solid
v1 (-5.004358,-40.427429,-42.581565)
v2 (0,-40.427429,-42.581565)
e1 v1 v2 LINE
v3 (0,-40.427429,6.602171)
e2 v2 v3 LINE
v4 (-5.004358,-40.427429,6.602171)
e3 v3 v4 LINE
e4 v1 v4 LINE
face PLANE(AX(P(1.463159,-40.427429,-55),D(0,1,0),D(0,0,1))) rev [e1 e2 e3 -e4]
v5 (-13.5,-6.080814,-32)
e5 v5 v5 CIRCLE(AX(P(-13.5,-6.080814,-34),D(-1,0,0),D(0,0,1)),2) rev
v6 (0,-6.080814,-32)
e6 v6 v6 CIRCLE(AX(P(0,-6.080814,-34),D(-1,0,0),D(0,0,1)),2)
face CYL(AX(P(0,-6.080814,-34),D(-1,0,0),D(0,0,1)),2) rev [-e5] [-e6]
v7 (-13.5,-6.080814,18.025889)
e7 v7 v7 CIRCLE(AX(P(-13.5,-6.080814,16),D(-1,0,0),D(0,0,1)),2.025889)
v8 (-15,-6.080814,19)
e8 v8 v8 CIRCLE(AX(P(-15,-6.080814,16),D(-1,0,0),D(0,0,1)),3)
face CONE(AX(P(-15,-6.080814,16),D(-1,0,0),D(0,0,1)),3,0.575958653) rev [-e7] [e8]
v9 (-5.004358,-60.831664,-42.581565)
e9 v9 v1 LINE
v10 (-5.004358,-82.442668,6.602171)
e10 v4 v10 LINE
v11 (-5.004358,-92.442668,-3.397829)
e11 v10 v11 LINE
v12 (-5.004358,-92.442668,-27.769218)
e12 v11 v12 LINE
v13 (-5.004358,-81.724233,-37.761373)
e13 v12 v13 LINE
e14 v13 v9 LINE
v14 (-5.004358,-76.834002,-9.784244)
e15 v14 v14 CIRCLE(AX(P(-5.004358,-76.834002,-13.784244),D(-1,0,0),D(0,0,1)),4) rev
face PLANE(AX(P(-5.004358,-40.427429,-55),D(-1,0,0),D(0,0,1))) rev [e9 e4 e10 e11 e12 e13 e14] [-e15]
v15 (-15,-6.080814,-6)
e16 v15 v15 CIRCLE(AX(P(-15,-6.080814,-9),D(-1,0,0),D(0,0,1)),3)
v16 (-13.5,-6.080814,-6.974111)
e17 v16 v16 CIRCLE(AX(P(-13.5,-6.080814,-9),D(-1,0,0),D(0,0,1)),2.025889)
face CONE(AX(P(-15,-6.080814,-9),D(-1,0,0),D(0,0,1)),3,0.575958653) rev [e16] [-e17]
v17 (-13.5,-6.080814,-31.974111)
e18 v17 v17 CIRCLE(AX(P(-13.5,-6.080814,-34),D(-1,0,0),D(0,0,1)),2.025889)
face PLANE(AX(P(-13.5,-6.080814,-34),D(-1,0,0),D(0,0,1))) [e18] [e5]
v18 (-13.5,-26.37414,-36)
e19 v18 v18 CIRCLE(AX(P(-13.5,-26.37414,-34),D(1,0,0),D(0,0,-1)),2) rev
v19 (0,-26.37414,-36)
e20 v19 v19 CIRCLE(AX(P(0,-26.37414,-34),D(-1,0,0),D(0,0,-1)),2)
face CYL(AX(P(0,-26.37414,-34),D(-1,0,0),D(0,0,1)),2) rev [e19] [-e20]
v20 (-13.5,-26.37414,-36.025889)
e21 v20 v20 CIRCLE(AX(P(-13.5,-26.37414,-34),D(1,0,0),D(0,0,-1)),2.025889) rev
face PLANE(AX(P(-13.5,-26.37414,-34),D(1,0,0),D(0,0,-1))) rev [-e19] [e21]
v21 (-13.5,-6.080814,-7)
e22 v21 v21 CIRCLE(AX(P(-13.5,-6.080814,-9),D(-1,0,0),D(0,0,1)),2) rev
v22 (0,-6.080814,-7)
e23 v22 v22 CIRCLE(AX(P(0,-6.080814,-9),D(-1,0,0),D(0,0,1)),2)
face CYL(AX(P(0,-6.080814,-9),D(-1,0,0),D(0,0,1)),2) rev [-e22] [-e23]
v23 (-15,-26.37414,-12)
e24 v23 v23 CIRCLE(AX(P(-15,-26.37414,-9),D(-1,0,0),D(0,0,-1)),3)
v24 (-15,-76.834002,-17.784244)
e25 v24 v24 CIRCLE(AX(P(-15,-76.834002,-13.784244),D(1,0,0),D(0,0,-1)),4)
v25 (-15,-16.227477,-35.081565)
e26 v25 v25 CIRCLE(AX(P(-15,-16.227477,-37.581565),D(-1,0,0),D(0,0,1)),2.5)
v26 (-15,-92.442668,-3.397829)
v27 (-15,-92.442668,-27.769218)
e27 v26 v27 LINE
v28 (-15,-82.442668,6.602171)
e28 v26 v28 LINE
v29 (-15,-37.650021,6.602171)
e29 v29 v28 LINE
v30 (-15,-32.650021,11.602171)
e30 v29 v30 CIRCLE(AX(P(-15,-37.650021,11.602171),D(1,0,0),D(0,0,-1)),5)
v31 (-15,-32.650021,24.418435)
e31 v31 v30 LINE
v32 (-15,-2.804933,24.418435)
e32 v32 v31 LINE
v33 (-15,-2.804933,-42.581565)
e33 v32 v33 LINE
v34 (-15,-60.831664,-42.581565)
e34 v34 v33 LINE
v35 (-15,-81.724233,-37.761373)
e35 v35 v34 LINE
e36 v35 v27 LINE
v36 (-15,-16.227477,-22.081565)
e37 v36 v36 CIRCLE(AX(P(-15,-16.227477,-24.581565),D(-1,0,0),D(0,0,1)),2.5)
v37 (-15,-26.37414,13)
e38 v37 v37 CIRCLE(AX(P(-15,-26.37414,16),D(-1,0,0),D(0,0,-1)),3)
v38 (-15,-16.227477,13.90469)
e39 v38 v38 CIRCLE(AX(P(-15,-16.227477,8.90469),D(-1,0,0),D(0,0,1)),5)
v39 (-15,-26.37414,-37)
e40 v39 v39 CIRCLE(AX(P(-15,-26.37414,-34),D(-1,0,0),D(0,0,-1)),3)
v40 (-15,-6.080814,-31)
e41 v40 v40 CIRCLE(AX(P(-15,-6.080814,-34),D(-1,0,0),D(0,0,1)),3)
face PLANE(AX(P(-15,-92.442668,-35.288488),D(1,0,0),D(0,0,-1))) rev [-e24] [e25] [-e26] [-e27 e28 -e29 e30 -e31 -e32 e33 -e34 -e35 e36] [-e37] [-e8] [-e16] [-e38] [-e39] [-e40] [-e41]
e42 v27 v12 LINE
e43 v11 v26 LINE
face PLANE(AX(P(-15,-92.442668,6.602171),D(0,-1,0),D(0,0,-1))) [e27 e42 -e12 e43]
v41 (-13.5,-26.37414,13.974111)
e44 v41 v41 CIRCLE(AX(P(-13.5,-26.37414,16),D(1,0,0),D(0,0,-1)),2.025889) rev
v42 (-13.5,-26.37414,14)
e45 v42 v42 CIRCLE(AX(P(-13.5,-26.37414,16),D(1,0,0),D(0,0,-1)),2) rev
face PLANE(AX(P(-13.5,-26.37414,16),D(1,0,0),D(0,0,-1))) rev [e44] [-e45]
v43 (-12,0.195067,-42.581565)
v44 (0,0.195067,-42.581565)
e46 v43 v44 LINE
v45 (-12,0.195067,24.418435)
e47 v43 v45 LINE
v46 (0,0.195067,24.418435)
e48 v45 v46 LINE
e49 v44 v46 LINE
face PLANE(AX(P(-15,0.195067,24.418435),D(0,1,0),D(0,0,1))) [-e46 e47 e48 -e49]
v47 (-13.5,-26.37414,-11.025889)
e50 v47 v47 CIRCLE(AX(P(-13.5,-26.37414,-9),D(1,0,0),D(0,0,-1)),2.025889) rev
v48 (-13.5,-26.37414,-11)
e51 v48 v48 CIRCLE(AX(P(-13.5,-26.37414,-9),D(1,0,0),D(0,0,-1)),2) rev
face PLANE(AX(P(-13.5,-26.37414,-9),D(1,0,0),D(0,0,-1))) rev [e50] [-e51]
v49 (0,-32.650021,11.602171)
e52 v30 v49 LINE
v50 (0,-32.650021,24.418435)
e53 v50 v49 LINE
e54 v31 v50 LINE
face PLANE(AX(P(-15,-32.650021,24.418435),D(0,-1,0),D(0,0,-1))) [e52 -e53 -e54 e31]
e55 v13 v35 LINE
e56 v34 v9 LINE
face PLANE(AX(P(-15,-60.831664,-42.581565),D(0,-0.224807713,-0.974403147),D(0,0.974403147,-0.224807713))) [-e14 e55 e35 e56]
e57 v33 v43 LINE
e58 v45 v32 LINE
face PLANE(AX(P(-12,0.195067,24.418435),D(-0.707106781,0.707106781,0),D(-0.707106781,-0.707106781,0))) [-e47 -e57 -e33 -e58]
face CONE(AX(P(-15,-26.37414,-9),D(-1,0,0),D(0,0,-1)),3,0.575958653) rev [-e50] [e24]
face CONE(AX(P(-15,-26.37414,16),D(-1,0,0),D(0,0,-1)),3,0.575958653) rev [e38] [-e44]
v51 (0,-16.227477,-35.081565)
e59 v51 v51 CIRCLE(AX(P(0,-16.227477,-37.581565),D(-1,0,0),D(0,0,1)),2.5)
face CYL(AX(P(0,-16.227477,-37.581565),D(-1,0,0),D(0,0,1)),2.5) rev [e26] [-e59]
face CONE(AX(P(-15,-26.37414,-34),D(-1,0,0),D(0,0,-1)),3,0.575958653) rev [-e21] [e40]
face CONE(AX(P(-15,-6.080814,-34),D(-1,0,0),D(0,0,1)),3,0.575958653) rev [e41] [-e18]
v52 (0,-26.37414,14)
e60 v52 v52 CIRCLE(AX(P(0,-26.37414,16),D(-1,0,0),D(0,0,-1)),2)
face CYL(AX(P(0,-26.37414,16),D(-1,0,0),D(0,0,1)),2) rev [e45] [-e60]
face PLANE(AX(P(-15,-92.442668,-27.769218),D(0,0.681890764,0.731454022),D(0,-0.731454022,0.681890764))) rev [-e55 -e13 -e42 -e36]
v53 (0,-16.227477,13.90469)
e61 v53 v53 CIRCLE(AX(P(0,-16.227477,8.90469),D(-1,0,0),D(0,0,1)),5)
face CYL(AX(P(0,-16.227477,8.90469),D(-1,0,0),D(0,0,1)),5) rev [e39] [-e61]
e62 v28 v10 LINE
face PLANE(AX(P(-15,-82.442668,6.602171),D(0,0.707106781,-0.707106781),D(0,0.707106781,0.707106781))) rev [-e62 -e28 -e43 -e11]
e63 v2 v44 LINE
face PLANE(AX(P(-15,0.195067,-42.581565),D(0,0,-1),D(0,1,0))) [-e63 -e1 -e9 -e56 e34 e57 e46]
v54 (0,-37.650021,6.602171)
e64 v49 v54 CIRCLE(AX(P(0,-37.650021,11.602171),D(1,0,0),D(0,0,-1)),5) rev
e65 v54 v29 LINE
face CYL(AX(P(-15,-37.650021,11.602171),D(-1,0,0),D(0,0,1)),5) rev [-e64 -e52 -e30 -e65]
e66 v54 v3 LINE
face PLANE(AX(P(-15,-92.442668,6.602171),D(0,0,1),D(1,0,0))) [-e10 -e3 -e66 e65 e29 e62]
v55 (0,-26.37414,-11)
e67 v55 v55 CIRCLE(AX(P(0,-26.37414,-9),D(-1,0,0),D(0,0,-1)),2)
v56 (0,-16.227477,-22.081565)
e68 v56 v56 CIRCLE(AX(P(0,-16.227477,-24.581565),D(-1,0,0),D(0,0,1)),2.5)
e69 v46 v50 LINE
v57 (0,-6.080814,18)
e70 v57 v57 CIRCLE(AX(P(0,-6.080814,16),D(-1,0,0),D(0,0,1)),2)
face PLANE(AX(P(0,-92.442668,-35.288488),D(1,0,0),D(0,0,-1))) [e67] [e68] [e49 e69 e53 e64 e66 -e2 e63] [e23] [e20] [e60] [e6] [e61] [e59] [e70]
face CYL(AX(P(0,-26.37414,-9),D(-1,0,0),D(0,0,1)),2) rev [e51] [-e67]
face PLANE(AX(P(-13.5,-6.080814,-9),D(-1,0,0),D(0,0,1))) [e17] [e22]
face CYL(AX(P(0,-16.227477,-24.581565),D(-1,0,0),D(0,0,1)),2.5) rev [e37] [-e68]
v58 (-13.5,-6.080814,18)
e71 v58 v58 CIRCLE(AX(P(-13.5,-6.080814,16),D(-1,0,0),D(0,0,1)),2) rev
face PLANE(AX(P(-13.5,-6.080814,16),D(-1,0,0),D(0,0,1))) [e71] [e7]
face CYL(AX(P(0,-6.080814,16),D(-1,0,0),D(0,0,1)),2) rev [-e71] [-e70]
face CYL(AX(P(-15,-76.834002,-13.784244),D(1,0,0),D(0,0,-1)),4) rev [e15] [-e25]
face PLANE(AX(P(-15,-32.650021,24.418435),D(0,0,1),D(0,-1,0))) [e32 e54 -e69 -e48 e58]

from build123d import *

# Parameters (mm, degrees)
SKETCH_1_R                    = 4
EXTRUDE_1_DEPTH               = 15
SKETCH_2_W                    = 6.467517269
SKETCH_2_H                    = 62.62553055
CUT_EXTRUDE_1_DEPTH           = 55
SKETCH_3_R                    = 5
SKETCH_3_R_2                  = 2.5
CUT_EXTRUDE_2_DEPTH           = 103.877774352
CHAMFER_1_SIZE                = 10
CHAMFER_2_SIZE                = 11
CHAMFER_2_SIZE2               = 7.519269615
FILLET_1_R                    = 5
SKETCH_4_R                    = 2
CUT_EXTRUDE_3_DEPTH           = 103.877774352
SKETCH_5_R                    = 3
CUT_EXTRUDE_4_DEPTH           = 1.5
CUT_EXTRUDE_4_DRAFT           = -33
CUT_EXTRUDE_4_PROFILE_2_DEPTH = 1.5
CUT_EXTRUDE_4_PROFILE_2_DRAFT = -33
CUT_EXTRUDE_4_PROFILE_3_DEPTH = 1.5
CUT_EXTRUDE_4_PROFILE_3_DRAFT = -33
CUT_EXTRUDE_4_PROFILE_4_DEPTH = 1.5
CUT_EXTRUDE_4_PROFILE_4_DRAFT = -33
CUT_EXTRUDE_4_PROFILE_5_DEPTH = 1.5
CUT_EXTRUDE_4_PROFILE_5_DRAFT = -33
CUT_EXTRUDE_4_PROFILE_6_DEPTH = 1.5
CUT_EXTRUDE_4_PROFILE_6_DRAFT = -33
CHAMFER_3_SIZE                = 3


with BuildPart() as part:
    # Эскиз1 → Вытянуть1 (new body)
    with BuildSketch(Plane(origin=(0, 0, 0), x_dir=(0, 0, -1), z_dir=(1, 0, 0))):
        Polygon((-24.418434976, -32.650020726), (-6.60217121, -32.650020726), (-6.60217121, -92.442667507), (35.288487723, -92.442667507), (42.581565024, -60.831663771), (42.581565024, 0.195067042), (-24.418434965, 0.195067042), align=None)
        with Locations((13.784244497, -76.834002497)):
            Circle(SKETCH_1_R, mode=Mode.SUBTRACT)
    extrude(amount=-EXTRUDE_1_DEPTH)

    # Эскиз2 → Вырез-Вытянуть1 (cut, symmetric)
    with BuildSketch(Plane.XY):
        with Locations((-1.770599523, -71.740194192)):
            Rectangle(SKETCH_2_W, SKETCH_2_H)
    extrude(amount=CUT_EXTRUDE_1_DEPTH, both=True, mode=Mode.SUBTRACT)

    # Эскиз3 → Вырез-Вытянуть2 (cut, through all)
    with BuildSketch(Plane.ZY.offset(15)):
        with Locations((8.904690385, -16.227476847)):
            Circle(SKETCH_3_R)
        with Locations((-37.581565054, -16.227476862)):
            Circle(SKETCH_3_R_2)
        with Locations((-24.581565054, -16.227476862)):
            Circle(SKETCH_3_R_2)
    extrude(amount=-CUT_EXTRUDE_2_DEPTH, mode=Mode.SUBTRACT)

    # Фаска1
    chamfer_1_edges = [part.edges().sort_by_distance(p)[0] for p in [
        (-10.002179078, -92.442667507, 6.60217121),
    ]]
    chamfer(chamfer_1_edges, length=CHAMFER_1_SIZE)

    # Фаска2
    chamfer_2_edges = [part.edges().sort_by_distance(p)[0] for p in [
        (-10.002179078, -92.442667507, -35.288487723),
    ]]
    chamfer_2_side = [part.faces().sort_by_distance(p)[0] for p in [
        (-10.002179078, -76.637165639, -38.935026373),
    ]]
    chamfer(chamfer_2_edges, length=CHAMFER_2_SIZE, length2=CHAMFER_2_SIZE2, reference=chamfer_2_side[0])

    # Скругление1
    fillet_1_edges = [part.edges().sort_by_distance(p)[0] for p in [
        (-7.5, -32.650020726, 6.60217121),
    ]]
    fillet(fillet_1_edges, radius=FILLET_1_R)

    # Эскиз4 → Вырез-Вытянуть3 (cut, through all)
    with BuildSketch(Plane.ZY.offset(15)):
        with Locations((-34, -6.080814008)):
            Circle(SKETCH_4_R)
        with Locations((-9, -6.080814008)):
            Circle(SKETCH_4_R)
        with Locations((16, -6.080814008)):
            Circle(SKETCH_4_R)
        with Locations(Location((16, -26.374139717, 0), (0, 0, 180))):
            Circle(SKETCH_4_R)
        with Locations(Location((-9, -26.374139717, 0), (0, 0, 180))):
            Circle(SKETCH_4_R)
        with Locations(Location((-34, -26.374139717, 0), (0, 0, 180))):
            Circle(SKETCH_4_R)
    extrude(amount=-CUT_EXTRUDE_3_DEPTH, mode=Mode.SUBTRACT)


with BuildPart() as cut_extrude_4_tool:
    # Эскиз5 → Вырез-Вытянуть4 (with draft: the straight prism first)
    with BuildSketch(Plane.ZY.offset(15)):
        with Locations((-34, -6.080814008)):
            Circle(SKETCH_5_R)
    extrude(amount=-CUT_EXTRUDE_4_DEPTH)
    # Вырез-Вытянуть4: the draft: its side faces are tilted about the plane it starts from
    cut_extrude_4_sides = [cut_extrude_4_tool.faces().sort_by_distance(p)[0] for p in [
        (-14.25, -6.080814008, -37),
    ]]
    draft(cut_extrude_4_sides, Plane.ZY.offset(15), CUT_EXTRUDE_4_DRAFT)


with BuildPart() as part_1:
    add(part.part)

    # Вырез-Вытянуть4: cut by cut_extrude_4_tool
    add(cut_extrude_4_tool.part, mode=Mode.SUBTRACT)


with BuildPart() as cut_extrude_4_profile_2_tool:
    # Эскиз5 → Вырез-Вытянуть4 profile 2 (with draft: the straight prism first)
    with BuildSketch(Plane.ZY.offset(15)):
        with Locations((-9, -6.080814008)):
            Circle(SKETCH_5_R)
    extrude(amount=-CUT_EXTRUDE_4_PROFILE_2_DEPTH)
    # Вырез-Вытянуть4 profile 2: the draft: its side faces are tilted about the plane it starts from
    cut_extrude_4_profile_2_sides = [cut_extrude_4_profile_2_tool.faces().sort_by_distance(p)[0] for p in [
        (-14.25, -6.080814008, -12),
    ]]
    draft(cut_extrude_4_profile_2_sides, Plane.ZY.offset(15), CUT_EXTRUDE_4_PROFILE_2_DRAFT)


with BuildPart() as part_2:
    add(part_1.part)

    # Вырез-Вытянуть4 profile 2: cut by cut_extrude_4_profile_2_tool
    add(cut_extrude_4_profile_2_tool.part, mode=Mode.SUBTRACT)


with BuildPart() as cut_extrude_4_profile_3_tool:
    # Эскиз5 → Вырез-Вытянуть4 profile 3 (with draft: the straight prism first)
    with BuildSketch(Plane.ZY.offset(15)):
        with Locations((16, -6.080814008)):
            Circle(SKETCH_5_R)
    extrude(amount=-CUT_EXTRUDE_4_PROFILE_3_DEPTH)
    # Вырез-Вытянуть4 profile 3: the draft: its side faces are tilted about the plane it starts from
    cut_extrude_4_profile_3_sides = [cut_extrude_4_profile_3_tool.faces().sort_by_distance(p)[0] for p in [
        (-14.25, -6.080814008, 13),
    ]]
    draft(cut_extrude_4_profile_3_sides, Plane.ZY.offset(15), CUT_EXTRUDE_4_PROFILE_3_DRAFT)


with BuildPart() as part_3:
    add(part_2.part)

    # Вырез-Вытянуть4 profile 3: cut by cut_extrude_4_profile_3_tool
    add(cut_extrude_4_profile_3_tool.part, mode=Mode.SUBTRACT)


with BuildPart() as cut_extrude_4_profile_4_tool:
    # Эскиз5 → Вырез-Вытянуть4 profile 4 (with draft: the straight prism first)
    with BuildSketch(Plane.ZY.offset(15)):
        with Locations((16, -26.374139717)):
            Circle(SKETCH_5_R)
    extrude(amount=-CUT_EXTRUDE_4_PROFILE_4_DEPTH)
    # Вырез-Вытянуть4 profile 4: the draft: its side faces are tilted about the plane it starts from
    cut_extrude_4_profile_4_sides = [cut_extrude_4_profile_4_tool.faces().sort_by_distance(p)[0] for p in [
        (-14.25, -26.374139717, 13),
    ]]
    draft(cut_extrude_4_profile_4_sides, Plane.ZY.offset(15), CUT_EXTRUDE_4_PROFILE_4_DRAFT)


with BuildPart() as part_4:
    add(part_3.part)

    # Вырез-Вытянуть4 profile 4: cut by cut_extrude_4_profile_4_tool
    add(cut_extrude_4_profile_4_tool.part, mode=Mode.SUBTRACT)


with BuildPart() as cut_extrude_4_profile_5_tool:
    # Эскиз5 → Вырез-Вытянуть4 profile 5 (with draft: the straight prism first)
    with BuildSketch(Plane.ZY.offset(15)):
        with Locations((-9, -26.374139717)):
            Circle(SKETCH_5_R)
    extrude(amount=-CUT_EXTRUDE_4_PROFILE_5_DEPTH)
    # Вырез-Вытянуть4 profile 5: the draft: its side faces are tilted about the plane it starts from
    cut_extrude_4_profile_5_sides = [cut_extrude_4_profile_5_tool.faces().sort_by_distance(p)[0] for p in [
        (-14.25, -26.374139717, -12),
    ]]
    draft(cut_extrude_4_profile_5_sides, Plane.ZY.offset(15), CUT_EXTRUDE_4_PROFILE_5_DRAFT)


with BuildPart() as part_5:
    add(part_4.part)

    # Вырез-Вытянуть4 profile 5: cut by cut_extrude_4_profile_5_tool
    add(cut_extrude_4_profile_5_tool.part, mode=Mode.SUBTRACT)


with BuildPart() as cut_extrude_4_profile_6_tool:
    # Эскиз5 → Вырез-Вытянуть4 profile 6 (with draft: the straight prism first)
    with BuildSketch(Plane.ZY.offset(15)):
        with Locations((-34, -26.374139717)):
            Circle(SKETCH_5_R)
    extrude(amount=-CUT_EXTRUDE_4_PROFILE_6_DEPTH)
    # Вырез-Вытянуть4 profile 6: the draft: its side faces are tilted about the plane it starts from
    cut_extrude_4_profile_6_sides = [cut_extrude_4_profile_6_tool.faces().sort_by_distance(p)[0] for p in [
        (-14.25, -26.374139717, -37),
    ]]
    draft(cut_extrude_4_profile_6_sides, Plane.ZY.offset(15), CUT_EXTRUDE_4_PROFILE_6_DRAFT)


with BuildPart() as part_6:
    add(part_5.part)

    # Вырез-Вытянуть4 profile 6: cut by cut_extrude_4_profile_6_tool
    add(cut_extrude_4_profile_6_tool.part, mode=Mode.SUBTRACT)

    # Фаска3
    chamfer_3_edges = [part_6.edges().sort_by_distance(p)[0] for p in [
        (-15, 0.195067042, -9.08156503),
    ]]
    chamfer(chamfer_3_edges, length=CHAMFER_3_SIZE)


solid = part_6.part
